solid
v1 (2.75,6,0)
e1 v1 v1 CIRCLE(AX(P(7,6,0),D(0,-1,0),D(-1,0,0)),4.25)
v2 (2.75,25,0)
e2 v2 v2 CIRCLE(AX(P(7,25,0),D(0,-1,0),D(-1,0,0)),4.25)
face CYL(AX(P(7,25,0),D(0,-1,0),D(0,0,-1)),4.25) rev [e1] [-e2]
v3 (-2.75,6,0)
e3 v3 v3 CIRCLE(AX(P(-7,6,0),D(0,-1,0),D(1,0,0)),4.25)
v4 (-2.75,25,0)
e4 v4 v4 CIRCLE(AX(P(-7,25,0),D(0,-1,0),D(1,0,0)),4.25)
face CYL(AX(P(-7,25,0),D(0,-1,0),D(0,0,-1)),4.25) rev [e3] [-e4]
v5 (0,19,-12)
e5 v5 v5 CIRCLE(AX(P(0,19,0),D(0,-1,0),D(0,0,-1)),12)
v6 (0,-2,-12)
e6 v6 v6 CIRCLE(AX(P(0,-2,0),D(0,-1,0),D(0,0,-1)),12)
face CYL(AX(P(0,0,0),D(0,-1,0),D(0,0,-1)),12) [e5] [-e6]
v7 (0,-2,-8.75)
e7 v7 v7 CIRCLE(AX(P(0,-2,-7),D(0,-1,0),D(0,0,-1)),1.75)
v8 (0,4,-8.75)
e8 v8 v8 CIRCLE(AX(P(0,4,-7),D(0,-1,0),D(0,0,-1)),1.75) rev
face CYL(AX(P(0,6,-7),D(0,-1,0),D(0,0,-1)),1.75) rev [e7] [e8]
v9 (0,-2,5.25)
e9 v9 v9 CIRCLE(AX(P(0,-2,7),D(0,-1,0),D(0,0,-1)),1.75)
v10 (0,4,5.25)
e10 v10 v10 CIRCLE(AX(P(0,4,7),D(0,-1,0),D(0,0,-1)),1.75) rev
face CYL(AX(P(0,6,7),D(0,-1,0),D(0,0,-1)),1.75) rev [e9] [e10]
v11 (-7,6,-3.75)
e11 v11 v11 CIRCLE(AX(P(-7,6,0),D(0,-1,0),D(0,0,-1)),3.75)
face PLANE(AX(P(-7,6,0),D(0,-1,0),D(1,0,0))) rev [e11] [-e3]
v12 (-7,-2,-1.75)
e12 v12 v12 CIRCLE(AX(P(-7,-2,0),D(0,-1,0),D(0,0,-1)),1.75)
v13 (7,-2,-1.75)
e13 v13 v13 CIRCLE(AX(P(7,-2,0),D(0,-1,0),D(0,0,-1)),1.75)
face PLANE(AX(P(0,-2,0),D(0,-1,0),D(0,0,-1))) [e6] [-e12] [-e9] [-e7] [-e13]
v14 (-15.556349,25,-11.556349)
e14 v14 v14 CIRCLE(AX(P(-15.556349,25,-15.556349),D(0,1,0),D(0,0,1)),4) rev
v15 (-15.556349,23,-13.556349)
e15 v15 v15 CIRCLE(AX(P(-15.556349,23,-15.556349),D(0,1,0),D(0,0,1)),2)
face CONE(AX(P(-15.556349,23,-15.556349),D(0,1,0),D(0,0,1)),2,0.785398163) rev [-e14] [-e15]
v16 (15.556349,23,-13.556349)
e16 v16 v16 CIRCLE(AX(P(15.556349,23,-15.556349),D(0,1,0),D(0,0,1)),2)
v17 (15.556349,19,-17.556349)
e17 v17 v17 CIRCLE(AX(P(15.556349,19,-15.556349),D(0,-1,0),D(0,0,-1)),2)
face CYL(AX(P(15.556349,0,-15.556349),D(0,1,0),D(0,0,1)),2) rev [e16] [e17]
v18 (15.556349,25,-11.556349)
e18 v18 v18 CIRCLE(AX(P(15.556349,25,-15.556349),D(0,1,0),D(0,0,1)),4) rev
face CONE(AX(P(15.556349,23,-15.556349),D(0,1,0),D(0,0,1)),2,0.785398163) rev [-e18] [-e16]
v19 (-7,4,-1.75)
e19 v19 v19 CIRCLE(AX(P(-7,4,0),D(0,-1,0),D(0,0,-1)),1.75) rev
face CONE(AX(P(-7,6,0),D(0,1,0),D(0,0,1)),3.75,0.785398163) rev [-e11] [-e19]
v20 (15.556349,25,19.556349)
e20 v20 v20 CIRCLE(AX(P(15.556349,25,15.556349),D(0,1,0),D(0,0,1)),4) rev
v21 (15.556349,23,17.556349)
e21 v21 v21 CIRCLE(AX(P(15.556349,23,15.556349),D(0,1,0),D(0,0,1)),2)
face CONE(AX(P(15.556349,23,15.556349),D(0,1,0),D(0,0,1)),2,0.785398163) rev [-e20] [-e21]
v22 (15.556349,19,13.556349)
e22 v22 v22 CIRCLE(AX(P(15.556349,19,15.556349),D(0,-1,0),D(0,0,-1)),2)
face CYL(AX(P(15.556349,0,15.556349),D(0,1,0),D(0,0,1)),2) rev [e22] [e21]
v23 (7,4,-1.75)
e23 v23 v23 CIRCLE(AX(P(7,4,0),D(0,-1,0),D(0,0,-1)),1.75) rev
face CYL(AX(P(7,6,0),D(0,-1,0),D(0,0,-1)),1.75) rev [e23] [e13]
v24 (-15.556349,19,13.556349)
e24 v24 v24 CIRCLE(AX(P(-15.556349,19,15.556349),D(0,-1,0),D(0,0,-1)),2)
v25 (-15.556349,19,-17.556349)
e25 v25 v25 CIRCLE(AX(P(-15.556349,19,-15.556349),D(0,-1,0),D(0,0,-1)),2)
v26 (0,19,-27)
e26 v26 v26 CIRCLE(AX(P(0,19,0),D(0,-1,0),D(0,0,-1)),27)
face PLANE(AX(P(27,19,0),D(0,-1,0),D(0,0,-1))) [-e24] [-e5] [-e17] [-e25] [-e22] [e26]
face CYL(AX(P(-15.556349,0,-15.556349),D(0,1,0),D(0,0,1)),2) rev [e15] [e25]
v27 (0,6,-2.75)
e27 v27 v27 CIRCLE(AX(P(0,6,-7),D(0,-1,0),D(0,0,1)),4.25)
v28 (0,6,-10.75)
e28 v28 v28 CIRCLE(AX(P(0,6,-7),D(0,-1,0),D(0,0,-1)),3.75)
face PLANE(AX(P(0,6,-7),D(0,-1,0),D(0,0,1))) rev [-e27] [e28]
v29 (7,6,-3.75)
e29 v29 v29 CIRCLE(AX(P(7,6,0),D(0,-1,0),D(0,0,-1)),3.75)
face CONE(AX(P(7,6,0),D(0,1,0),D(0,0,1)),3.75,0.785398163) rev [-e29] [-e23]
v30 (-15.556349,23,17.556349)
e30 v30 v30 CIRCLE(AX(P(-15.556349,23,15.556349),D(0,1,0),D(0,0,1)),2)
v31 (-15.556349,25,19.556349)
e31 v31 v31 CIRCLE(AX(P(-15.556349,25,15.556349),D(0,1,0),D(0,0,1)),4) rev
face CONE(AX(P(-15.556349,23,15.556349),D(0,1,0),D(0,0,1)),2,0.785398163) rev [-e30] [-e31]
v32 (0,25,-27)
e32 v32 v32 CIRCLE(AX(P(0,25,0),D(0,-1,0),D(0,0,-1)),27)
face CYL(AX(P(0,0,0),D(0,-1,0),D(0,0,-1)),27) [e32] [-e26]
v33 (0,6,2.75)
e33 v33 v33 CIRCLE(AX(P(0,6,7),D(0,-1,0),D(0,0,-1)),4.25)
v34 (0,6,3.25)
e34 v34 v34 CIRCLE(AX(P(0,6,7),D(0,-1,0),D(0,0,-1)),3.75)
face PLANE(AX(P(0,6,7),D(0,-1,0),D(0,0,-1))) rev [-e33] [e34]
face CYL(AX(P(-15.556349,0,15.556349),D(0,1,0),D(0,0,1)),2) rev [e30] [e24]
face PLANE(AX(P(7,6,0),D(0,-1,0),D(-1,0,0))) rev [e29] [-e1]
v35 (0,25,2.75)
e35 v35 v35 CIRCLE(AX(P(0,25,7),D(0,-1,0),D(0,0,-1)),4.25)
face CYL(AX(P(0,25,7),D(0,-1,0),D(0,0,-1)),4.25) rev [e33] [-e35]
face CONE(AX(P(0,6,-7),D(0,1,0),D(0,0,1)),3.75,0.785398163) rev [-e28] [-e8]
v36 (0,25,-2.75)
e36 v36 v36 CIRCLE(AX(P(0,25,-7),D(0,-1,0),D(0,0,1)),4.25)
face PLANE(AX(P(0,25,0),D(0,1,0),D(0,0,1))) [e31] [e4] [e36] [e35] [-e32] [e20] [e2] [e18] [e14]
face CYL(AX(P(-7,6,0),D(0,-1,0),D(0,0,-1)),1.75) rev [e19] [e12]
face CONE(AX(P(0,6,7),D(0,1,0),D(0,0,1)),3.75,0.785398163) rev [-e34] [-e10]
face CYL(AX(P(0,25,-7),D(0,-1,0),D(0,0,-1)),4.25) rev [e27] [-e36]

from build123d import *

# Parameters (mm, degrees)
ESBO_O2_R                = 1.75
CORTE_EXTRUS_O1_DEPTH    = 6
ESBO_O3_R                = 4.25
CORTE_EXTRUS_O2_DEPTH    = 43.649736224
PADR_OCIRCULAR1_COUNT    = 4
CHANFRO1_SIZE            = 2
ESBO_O4_R                = 2
CORTE_EXTRUS_O3_DEPTH    = 46.639894829
PADR_OCIRCULAR2_COUNT    = 4
CHANFRO3_SIZE            = 2
RESSALTO_EXTRUS_O2_START = 2
ESBO_O5_R                = 12
ESBO_O5_R_2              = 1.75
RESSALTO_EXTRUS_O2_DEPTH = 2


with BuildPart() as part:
    # Esboço1 → Revolução1 (revolve)
    with BuildSketch(Plane.XY, mode=Mode.PRIVATE) as revolu_o1_sk:
        Polygon((0, 0), (0, 25), (27, 25), (27, 19), (12, 19), (12, 0), align=None)
    revolve(revolu_o1_sk.sketch.rotate(Axis((0, 0, 0), (0, 1, 0)), 90), axis=Axis((0, 0, 0), (0, 1, 0)))

    # Esboço2 → Corte-extrusão1 (cut)
    with BuildSketch(Plane.XZ):
        with Locations(Location((0, 7, 0), (0, 0, 270))):
            Circle(ESBO_O2_R)
    corte_extrus_o1 = extrude(amount=-CORTE_EXTRUS_O1_DEPTH, mode=Mode.SUBTRACT)

    # Esboço3 → Corte-extrusão2 (cut, through all)
    with BuildSketch(Plane.XZ.offset(-6)):
        with Locations(Location((0, 7, 0), (0, 0, 270))):
            Circle(ESBO_O3_R)
    corte_extrus_o2 = extrude(amount=-CORTE_EXTRUS_O2_DEPTH, mode=Mode.SUBTRACT)

    # PadrãoCircular1: Corte-extrusão1, Corte-extrusão2 ×4 about axis
    padr_ocircular1_axis = Axis((0, 0, 0), (0, 1, 0))
    add([corte_extrus_o1.rotate(padr_ocircular1_axis, i * 360 / PADR_OCIRCULAR1_COUNT) for i in range(1, PADR_OCIRCULAR1_COUNT)], mode=Mode.SUBTRACT)
    add([corte_extrus_o2.rotate(padr_ocircular1_axis, i * 360 / PADR_OCIRCULAR1_COUNT) for i in range(1, PADR_OCIRCULAR1_COUNT)], mode=Mode.SUBTRACT)

    # Chanfro1
    chanfro1_edges = [part.edges().sort_by_distance(p)[0] for p in [
        (0, 6, 8.75),
        (0, 6, -8.75),
        (8.75, 6, 0),
        (-8.75, 6, 0),
    ]]
    chamfer(chanfro1_edges, length=CHANFRO1_SIZE)

    # Esboço4 → Corte-extrusão3 (cut, through all)
    with BuildSketch(Plane(origin=(0, 25, 0), x_dir=(1, 0, 0), z_dir=(0, 1, 0))):
        with Locations(Location((-15.556349186, 15.556349186, 0), (0, 0, 270))):
            Circle(ESBO_O4_R)
    corte_extrus_o3 = extrude(amount=-CORTE_EXTRUS_O3_DEPTH, mode=Mode.SUBTRACT)

    # PadrãoCircular2: Corte-extrusão3 ×4 about axis
    padr_ocircular2_axis = Axis((0, 0, 0), (0, 1, 0))
    for i in range(1, PADR_OCIRCULAR2_COUNT):
        add(corte_extrus_o3.rotate(padr_ocircular2_axis, i * 360 / PADR_OCIRCULAR2_COUNT), mode=Mode.SUBTRACT)

    # Chanfro3
    chanfro3_edges = [part.edges().sort_by_distance(p)[0] for p in [
        (-15.556349186, 25, -17.556349186),
        (17.556349186, 25, -15.556349186),
        (15.556349186, 25, 17.556349186),
        (-17.556349186, 25, 15.556349186),
    ]]
    chamfer(chanfro3_edges, length=CHANFRO3_SIZE)

    # Esboço5 → Ressalto-extrusão2 (add)
    with BuildSketch(Plane.XZ.offset(RESSALTO_EXTRUS_O2_START)):
        with Locations(Location((0, 0, 0), (0, 0, 270))):
            Circle(ESBO_O5_R)
        with Locations(Location((-7, 0, 0), (0, 0, 270))):
            Circle(ESBO_O5_R_2, mode=Mode.SUBTRACT)
        with Locations(Location((0, -7, 0), (0, 0, 270))):
            Circle(ESBO_O5_R_2, mode=Mode.SUBTRACT)
        with Locations(Location((7, 0, 0), (0, 0, 270))):
            Circle(ESBO_O5_R_2, mode=Mode.SUBTRACT)
        with Locations(Location((0, 7, 0), (0, 0, 270))):
            Circle(ESBO_O5_R_2, mode=Mode.SUBTRACT)
    extrude(amount=-RESSALTO_EXTRUS_O2_DEPTH)


solid = part.part
